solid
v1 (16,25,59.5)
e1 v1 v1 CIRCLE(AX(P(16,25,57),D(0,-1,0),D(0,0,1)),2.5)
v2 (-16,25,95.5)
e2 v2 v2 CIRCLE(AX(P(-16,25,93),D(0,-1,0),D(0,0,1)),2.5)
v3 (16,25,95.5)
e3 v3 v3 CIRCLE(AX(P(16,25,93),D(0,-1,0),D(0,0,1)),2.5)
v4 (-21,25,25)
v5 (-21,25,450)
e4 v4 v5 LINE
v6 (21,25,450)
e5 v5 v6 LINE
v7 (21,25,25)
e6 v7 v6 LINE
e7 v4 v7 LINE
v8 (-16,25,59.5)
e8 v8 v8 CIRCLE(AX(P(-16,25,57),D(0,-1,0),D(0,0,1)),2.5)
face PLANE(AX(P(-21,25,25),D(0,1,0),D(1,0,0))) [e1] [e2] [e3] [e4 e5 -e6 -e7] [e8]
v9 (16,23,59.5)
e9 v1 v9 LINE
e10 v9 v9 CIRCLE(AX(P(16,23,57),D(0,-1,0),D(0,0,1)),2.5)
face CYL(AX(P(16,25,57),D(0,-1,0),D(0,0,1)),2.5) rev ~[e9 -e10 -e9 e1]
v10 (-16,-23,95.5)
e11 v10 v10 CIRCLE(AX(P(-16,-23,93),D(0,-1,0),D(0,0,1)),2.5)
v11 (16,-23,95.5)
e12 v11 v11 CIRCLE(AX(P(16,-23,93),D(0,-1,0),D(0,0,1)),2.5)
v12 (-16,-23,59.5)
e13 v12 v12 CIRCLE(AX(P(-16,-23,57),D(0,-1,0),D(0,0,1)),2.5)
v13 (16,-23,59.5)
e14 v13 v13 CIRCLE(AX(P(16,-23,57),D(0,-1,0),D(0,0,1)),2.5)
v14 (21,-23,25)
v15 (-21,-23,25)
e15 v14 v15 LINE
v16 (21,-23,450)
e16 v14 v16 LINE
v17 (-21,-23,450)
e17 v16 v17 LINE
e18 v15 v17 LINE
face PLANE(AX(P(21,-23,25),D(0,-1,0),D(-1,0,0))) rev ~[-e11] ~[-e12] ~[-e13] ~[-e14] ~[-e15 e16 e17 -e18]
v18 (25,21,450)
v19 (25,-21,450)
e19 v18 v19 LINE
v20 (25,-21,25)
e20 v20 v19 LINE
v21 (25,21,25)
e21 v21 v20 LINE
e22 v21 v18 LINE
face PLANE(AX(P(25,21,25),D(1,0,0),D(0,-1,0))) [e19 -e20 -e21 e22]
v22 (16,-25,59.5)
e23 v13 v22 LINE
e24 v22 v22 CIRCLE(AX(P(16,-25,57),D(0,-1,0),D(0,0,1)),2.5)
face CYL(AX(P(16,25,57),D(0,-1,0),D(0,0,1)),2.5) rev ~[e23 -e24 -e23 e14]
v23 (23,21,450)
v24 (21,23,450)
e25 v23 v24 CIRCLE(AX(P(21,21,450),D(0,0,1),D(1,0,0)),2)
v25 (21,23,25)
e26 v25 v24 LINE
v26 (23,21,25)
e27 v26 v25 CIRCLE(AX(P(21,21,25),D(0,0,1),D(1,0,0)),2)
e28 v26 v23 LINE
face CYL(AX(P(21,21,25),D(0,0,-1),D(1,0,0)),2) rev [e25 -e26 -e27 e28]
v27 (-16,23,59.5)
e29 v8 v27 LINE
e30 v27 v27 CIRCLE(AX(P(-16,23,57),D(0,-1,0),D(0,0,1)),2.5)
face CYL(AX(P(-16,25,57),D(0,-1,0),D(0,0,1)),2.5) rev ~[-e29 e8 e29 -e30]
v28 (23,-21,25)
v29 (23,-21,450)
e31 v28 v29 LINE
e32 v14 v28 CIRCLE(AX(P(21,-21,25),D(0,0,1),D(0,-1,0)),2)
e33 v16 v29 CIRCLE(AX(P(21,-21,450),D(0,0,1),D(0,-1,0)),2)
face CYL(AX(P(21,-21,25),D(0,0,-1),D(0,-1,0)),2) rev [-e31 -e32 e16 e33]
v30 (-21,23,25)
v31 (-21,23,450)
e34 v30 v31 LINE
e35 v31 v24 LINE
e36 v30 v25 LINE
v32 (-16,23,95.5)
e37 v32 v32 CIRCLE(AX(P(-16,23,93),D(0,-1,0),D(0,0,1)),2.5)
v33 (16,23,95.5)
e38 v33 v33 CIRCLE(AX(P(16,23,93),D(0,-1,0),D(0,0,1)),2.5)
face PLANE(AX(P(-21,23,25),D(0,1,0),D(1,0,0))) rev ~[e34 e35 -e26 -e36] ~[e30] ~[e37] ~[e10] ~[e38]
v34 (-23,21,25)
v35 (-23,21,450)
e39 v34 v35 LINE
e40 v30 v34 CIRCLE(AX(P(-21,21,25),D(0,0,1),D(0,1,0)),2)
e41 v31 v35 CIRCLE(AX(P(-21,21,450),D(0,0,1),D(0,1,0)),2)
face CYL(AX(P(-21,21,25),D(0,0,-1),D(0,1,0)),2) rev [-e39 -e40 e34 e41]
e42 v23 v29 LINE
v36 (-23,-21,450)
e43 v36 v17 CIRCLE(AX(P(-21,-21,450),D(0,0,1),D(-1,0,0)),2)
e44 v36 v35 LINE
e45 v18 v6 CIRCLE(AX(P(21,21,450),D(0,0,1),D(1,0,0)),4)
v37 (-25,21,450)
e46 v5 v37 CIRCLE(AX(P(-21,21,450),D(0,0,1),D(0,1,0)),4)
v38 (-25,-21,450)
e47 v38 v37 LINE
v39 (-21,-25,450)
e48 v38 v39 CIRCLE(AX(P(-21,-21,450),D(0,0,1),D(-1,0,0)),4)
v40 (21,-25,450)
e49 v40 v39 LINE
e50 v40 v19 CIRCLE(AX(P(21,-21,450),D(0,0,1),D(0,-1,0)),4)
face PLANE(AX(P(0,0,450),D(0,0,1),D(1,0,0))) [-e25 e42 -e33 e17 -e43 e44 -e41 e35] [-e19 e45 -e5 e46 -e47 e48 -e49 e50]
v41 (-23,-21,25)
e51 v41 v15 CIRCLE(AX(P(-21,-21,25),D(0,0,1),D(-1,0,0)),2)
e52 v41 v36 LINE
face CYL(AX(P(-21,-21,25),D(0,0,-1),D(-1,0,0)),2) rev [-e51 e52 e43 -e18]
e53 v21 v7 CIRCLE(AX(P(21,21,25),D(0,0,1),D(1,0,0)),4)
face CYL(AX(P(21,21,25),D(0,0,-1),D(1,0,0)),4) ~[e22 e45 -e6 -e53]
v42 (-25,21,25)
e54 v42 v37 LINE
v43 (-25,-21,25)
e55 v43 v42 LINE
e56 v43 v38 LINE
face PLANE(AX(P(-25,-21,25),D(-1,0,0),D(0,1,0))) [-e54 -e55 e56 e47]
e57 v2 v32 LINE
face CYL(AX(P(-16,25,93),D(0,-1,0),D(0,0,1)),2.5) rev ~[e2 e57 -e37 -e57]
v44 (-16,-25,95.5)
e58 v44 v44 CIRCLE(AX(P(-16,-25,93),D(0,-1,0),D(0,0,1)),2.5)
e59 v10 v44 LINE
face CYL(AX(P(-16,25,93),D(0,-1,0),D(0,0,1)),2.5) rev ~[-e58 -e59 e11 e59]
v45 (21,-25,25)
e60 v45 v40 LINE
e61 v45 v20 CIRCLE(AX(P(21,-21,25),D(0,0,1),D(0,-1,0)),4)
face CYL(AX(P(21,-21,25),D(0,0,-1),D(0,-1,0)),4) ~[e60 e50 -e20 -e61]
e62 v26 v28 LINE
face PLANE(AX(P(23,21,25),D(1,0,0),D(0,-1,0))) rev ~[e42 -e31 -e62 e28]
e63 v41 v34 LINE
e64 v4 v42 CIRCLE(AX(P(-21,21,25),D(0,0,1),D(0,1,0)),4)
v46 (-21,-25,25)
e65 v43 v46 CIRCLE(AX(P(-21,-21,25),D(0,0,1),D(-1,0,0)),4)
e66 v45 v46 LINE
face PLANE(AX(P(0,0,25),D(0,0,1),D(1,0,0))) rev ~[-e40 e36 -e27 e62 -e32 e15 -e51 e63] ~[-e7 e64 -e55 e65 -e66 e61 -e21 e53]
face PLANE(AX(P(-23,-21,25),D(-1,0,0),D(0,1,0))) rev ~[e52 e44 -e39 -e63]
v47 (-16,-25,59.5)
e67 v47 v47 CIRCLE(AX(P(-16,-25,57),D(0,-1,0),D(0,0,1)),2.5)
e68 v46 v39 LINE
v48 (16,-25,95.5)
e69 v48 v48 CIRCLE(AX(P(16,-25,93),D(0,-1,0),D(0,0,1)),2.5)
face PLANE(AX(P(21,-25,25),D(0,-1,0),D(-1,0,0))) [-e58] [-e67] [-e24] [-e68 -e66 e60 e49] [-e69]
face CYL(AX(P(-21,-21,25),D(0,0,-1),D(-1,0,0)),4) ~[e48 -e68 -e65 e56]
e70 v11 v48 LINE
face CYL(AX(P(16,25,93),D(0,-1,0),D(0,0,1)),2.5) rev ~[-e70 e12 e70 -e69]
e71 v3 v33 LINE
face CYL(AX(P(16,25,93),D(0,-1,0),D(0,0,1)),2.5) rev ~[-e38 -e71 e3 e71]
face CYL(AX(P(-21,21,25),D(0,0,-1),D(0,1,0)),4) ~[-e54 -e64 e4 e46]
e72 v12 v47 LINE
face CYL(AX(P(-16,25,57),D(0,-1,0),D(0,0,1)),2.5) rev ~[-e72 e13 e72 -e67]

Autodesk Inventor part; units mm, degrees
ref_plane "Start Plane" through (0, 0, 25) normal (0, 0, 1) x (1, 0, 0)
ref_plane "End Plane" through (0, 0, 450) normal (0, 0, 1) x (1, 0, 0)
sketch "Sketch" plane through (0, 0, 0) normal (0, 0, 1) x (1, 0, 0)
  line L0 (-25, -21) -> (-25, 21)
  line L1 (-21, 25) -> (21, 25)
  line L2 (25, 21) -> (25, -21)
  line L3 (21, -25) -> (-21, -25)
  arc A0 (-25, -21) -> (-21, -25) centre (-21, -21) ccw
  arc A1 (25, 21) -> (21, 25) centre (21, 21) ccw
  arc A2 (-21, 25) -> (-25, 21) centre (-21, 21) ccw
  arc A3 (21, -25) -> (25, -21) centre (21, -21) ccw
  arc A4 (-21, 23) -> (-23, 21) centre (-21, 21) ccw
  line L4 (-21, 23) -> (21, 23)
  arc A5 (23, 21) -> (21, 23) centre (21, 21) ccw
  line L5 (23, 21) -> (23, -21)
  arc A6 (21, -23) -> (23, -21) centre (21, -21) ccw
  line L6 (21, -23) -> (-21, -23)
  arc A7 (-23, -21) -> (-21, -23) centre (-21, -21) ccw
  line L7 (-23, -21) -> (-23, 21)
  line L8 (0, 36.1598) -> (0, -36.1598) construction
  line L9 (-36.1598, 0) -> (36.1598, 0) construction
  dimension "d7" = 4
  dimension "d9" = 50
  dimension "d11" = 50
  dimension "d12" = 2
  dimension "d15" = 25
  dimension "d16" = 25
extrude "Body" add sketch "Sketch" along normal up to surface (425 mm away) from surface at 25
sketch "Sketch3" plane through (0, 0, 0) normal (0, 0, 1) x (1, 0, 0)
  line L0 (0, 0) -> (10, 0)
ref_plane "Work Plane3" through (0, 0, 0) normal (0, -1, 0) x (1, 0, 0)
sketch "Sketch4" plane through (0, 0, 0) normal (0, -1, 0) x (1, 0, 0)
  line L0 (-2, 25) -> (12, 25)
  line L1 (-2, 450) -> (12, 450)
  dimension "d18" = 425
ref_plane "Work Plane4" through (2310, 20, 25) normal (0, 0, -1) x (-1, 0, 0)
split "Split1" plane through (2310, 20, 25) removes the side toward (0, 0, -1)
sketch "Sketch5" plane through (21, 25, 450) normal (0, 1, 0) x (1, 0, 0)
  line L0 (-42, 0) -> (0, 0) projected
  line L1 (0, 425) -> (0, 0) projected
  line L2 (-42, 425) -> (0, 425) projected
  line L3 (-42, 425) -> (-42, 0) projected
  line L4 (-37, 393) -> (-5, 393)
  line L5 (-5, 393) -> (-5, 357)
  line L6 (-5, 357) -> (-37, 357)
  line L7 (-37, 357) -> (-37, 393)
  line L8 (-21, 425) -> (-21, 412.7646)
  point P0 (-21, 450)
  dimension "d19" = 32
  dimension "d20" = 36
  dimension "d21" = 32
hole "Hole1" at (-16, 25, 57) at (16, 25, 57) at (16, 25, 93) at (-16, 25, 93) direction (0, -1, 0) diameter 5 depth 50
equation "\"d7\" = G_IR"
equation "\"d9\" = G_W"
equation "\"d11\" = G_H"
equation "\"d12\" = G_T"
equation "\"d15\" = 0.5 * d9"
equation "\"d16\" = 0.5 * d11"
equation "\"d3\" = G_L"
equation "\"G_W\" = 50"
equation "\"G_H\" = 50"
equation "\"G_T\" = 2"
equation "\"G_IR\" = 4"
equation "\"G_L\" = d18"
equation "\"G_OFFSET_START\" = -25"
equation "\"G_OFFSET_END\" = 0"
equation "\"d13\" = -G_OFFSET_START"
properties part number "ISO 10799-2 - 50x50x2 - 425" material "Steel, Galvanized"
